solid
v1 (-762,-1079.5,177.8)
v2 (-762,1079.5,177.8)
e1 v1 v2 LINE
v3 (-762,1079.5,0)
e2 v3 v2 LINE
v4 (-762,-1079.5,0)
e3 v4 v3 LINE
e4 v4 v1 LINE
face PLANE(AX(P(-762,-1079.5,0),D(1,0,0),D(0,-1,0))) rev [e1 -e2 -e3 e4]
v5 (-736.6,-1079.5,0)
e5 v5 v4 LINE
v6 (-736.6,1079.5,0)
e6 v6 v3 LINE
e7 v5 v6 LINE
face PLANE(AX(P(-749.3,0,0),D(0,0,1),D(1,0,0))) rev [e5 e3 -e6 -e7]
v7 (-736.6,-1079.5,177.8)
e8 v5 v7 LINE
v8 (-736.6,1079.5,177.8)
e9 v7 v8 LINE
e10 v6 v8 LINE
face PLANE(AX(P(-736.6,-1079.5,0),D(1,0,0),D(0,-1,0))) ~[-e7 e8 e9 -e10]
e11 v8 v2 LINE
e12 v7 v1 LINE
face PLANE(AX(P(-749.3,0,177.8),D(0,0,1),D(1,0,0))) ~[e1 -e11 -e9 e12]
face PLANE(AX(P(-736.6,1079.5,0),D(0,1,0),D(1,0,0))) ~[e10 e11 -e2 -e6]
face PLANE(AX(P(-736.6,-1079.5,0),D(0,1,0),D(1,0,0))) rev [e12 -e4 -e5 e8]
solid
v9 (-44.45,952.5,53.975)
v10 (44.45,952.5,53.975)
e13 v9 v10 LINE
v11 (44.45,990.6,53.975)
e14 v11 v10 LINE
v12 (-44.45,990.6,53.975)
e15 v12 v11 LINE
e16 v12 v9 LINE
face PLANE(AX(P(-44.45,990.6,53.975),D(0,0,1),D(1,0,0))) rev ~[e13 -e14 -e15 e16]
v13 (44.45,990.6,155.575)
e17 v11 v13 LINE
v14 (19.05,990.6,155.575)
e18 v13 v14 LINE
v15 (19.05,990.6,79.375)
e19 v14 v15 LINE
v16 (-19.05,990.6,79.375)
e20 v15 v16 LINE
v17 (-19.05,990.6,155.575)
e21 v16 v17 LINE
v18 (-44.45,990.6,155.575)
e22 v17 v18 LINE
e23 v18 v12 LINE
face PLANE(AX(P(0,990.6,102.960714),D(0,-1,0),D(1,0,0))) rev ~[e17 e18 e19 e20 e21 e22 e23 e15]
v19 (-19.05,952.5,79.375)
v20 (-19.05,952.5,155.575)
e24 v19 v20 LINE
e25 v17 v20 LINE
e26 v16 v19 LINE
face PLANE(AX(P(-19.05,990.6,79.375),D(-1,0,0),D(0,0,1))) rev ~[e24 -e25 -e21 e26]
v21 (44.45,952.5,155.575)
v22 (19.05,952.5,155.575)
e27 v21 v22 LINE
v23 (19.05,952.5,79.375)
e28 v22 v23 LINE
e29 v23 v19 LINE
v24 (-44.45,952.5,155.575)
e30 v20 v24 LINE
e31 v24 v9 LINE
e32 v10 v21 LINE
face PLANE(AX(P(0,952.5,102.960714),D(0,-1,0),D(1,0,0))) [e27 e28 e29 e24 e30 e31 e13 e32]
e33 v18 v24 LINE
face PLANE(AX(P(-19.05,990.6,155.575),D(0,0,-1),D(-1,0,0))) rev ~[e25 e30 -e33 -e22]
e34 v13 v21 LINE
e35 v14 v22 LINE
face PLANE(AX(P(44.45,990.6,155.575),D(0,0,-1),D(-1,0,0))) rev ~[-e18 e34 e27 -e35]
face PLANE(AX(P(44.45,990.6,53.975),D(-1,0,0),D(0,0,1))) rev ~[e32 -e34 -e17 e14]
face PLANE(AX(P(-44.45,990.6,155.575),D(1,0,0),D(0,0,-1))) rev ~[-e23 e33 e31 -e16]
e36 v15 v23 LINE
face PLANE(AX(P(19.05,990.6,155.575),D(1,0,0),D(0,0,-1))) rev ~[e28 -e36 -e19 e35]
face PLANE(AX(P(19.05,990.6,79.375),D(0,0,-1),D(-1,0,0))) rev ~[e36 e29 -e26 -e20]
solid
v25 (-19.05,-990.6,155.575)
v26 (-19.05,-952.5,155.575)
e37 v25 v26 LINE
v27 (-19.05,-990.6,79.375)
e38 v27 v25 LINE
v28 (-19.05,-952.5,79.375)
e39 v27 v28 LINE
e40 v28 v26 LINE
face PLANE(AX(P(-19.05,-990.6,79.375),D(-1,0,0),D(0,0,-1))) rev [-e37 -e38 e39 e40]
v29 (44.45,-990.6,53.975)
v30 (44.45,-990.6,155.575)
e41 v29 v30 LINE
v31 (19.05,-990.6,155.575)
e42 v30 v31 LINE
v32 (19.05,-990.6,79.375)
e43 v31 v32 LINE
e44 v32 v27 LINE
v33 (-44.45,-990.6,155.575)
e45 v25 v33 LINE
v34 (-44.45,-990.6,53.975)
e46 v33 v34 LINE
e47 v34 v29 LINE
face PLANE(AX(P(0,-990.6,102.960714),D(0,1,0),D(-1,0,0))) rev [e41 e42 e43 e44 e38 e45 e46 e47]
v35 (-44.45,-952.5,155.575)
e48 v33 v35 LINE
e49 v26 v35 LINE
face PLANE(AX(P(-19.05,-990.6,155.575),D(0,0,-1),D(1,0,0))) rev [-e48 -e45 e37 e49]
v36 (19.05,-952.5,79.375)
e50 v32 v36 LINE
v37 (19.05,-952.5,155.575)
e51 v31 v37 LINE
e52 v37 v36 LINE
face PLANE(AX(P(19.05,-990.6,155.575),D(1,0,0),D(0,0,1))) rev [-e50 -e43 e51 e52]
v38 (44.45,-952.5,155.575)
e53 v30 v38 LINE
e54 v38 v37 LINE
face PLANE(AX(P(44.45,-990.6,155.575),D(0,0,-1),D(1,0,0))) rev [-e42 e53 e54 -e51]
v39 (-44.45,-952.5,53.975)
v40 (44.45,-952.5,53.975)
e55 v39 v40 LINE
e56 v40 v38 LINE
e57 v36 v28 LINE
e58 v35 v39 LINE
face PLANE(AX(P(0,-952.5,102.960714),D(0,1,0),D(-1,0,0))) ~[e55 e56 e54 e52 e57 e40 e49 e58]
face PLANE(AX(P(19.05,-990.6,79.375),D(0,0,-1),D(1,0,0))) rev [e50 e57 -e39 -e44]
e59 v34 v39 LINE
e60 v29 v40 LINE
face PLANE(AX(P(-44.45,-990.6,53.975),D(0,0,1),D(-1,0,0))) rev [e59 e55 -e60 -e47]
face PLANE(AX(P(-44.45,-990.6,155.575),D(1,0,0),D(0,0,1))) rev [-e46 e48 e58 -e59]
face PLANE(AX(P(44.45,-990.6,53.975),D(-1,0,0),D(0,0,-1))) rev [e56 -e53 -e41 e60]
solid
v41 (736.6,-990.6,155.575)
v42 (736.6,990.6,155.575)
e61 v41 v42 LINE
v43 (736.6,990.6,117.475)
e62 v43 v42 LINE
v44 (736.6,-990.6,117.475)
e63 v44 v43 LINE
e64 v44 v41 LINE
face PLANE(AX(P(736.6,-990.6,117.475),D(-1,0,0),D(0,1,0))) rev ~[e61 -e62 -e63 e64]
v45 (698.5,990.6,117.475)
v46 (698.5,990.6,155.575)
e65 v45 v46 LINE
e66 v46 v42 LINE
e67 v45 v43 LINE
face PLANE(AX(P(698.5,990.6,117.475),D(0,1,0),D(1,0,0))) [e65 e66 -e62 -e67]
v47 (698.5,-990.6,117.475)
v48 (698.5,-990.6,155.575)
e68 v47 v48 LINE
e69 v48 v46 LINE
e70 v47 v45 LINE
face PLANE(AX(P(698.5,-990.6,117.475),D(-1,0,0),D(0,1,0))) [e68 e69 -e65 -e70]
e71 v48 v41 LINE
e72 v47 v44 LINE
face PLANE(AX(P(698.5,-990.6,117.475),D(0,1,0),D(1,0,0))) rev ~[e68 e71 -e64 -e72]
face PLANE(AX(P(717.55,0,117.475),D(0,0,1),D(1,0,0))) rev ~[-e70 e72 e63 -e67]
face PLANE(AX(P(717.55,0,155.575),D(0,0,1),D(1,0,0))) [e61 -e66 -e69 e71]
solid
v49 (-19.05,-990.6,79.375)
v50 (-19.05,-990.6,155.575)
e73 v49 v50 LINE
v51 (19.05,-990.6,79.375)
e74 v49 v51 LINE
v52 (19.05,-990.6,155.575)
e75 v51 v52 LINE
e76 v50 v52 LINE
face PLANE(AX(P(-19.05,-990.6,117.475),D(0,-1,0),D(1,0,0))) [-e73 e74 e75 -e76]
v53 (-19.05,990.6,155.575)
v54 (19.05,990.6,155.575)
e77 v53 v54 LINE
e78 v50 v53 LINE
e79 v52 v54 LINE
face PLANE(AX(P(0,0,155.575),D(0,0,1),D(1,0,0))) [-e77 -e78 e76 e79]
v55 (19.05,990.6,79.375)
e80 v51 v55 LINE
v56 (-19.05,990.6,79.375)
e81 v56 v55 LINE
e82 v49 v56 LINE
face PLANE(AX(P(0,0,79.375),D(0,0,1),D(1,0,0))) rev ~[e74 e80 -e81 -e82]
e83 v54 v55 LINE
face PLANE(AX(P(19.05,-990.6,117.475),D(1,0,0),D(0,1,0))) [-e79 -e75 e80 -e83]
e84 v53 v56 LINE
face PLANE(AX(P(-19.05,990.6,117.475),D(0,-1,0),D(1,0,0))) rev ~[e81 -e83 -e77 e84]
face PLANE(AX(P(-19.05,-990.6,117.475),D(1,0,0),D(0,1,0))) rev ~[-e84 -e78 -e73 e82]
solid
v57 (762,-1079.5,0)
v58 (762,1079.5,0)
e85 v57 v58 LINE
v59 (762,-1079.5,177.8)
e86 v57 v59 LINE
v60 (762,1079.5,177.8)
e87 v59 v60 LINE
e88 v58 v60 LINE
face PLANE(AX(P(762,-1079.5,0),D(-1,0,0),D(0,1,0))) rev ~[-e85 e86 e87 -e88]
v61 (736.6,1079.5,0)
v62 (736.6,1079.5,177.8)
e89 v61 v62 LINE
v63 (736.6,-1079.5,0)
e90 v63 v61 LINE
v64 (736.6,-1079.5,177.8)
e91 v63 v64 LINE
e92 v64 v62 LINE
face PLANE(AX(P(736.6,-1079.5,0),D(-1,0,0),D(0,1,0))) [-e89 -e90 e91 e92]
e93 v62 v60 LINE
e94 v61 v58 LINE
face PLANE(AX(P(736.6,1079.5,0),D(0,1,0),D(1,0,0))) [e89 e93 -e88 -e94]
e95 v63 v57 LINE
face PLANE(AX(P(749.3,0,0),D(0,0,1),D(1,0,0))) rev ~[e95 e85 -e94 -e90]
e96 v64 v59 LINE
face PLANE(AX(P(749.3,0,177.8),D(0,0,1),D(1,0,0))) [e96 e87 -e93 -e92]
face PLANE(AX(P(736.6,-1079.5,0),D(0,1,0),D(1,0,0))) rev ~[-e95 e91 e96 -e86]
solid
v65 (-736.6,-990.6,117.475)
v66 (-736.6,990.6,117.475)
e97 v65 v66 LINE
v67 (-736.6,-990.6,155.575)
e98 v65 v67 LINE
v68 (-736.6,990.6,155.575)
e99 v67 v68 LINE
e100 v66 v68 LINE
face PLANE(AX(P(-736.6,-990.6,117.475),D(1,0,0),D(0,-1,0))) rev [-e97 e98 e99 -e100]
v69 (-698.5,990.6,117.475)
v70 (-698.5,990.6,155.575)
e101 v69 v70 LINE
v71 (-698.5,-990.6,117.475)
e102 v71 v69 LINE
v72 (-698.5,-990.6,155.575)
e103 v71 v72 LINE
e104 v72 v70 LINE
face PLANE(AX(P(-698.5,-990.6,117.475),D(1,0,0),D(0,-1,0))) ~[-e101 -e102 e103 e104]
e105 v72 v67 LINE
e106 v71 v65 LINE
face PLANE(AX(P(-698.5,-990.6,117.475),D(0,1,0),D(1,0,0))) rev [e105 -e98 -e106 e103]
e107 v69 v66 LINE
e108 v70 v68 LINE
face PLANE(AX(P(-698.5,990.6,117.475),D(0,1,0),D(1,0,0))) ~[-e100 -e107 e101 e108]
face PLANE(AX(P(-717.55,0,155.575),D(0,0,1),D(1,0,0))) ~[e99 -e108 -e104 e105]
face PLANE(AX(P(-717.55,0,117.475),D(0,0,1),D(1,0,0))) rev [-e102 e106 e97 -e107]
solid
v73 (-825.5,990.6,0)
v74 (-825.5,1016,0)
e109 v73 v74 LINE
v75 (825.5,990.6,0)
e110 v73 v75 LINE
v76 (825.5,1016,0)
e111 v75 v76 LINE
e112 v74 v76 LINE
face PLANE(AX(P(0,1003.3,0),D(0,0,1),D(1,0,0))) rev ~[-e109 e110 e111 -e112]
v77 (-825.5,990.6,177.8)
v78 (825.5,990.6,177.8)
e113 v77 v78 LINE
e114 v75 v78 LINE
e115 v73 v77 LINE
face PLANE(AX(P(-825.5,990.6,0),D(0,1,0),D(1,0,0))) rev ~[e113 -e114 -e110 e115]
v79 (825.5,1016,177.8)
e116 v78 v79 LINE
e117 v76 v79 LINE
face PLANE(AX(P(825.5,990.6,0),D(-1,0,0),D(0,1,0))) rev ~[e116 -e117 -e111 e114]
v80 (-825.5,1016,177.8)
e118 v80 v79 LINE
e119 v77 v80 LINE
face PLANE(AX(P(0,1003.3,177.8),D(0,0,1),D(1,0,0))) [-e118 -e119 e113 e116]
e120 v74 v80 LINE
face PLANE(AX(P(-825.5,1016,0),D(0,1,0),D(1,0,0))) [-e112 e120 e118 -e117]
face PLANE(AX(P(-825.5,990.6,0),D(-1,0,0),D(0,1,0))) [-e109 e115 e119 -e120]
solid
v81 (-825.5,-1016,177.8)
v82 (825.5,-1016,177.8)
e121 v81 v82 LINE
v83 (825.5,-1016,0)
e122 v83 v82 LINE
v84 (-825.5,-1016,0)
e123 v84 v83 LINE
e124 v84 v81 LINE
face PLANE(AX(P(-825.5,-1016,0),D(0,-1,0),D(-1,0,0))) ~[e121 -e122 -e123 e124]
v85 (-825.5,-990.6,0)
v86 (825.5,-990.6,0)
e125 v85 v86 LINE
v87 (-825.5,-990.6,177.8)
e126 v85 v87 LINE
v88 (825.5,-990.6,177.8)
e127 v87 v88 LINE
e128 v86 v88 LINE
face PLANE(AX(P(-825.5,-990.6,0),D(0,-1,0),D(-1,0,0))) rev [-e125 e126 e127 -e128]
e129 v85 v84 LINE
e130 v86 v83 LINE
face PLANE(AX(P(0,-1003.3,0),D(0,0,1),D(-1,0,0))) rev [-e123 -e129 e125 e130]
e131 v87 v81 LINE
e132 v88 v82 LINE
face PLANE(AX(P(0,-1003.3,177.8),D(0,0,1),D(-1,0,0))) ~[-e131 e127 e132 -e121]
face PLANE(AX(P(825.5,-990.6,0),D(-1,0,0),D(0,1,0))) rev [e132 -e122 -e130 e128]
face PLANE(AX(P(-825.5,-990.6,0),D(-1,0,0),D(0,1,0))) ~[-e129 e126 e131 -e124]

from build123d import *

# Parameters (mm, degrees)
F2_W      = 1651
F2_H      = 25.4
F3_DEPTH  = 177.8
F4_W      = 25.4
F4_H      = 2159
F5_DEPTH  = 177.8
F7_W      = 38.1
F7_H      = 1981.2
F8_DEPTH  = 38.1
F11_W     = 38.1
F11_H     = 1981.2
F12_DEPTH = 38.1
F14_DEPTH = 38.1


with BuildPart() as f3:
    # F2 (on Top) → F3 (new body)
    with BuildSketch(Plane.XY):
        with Locations((0, 1003.3)):
            Rectangle(F2_W, F2_H)
    extrude(amount=F3_DEPTH)


with BuildPart() as f5:
    # F4 (on Top) → F5 (new body)
    with BuildSketch(Plane.XY):
        with Locations((749.3, 0)):
            Rectangle(F4_W, F4_H)
    extrude(amount=F5_DEPTH)


with BuildPart() as f8:
    # F7 (on offset) → F8 (new body)
    with BuildSketch(Plane.XY.offset(117.475)):
        with Locations((717.55, 0)):
            Rectangle(F7_W, F7_H)
    extrude(amount=F8_DEPTH)


with BuildPart() as f9_1:
    # F9: instance of F3
    add(f3.part.mirror(Plane.XZ))


with BuildPart() as f10_1:
    # F10: instance of F5
    add(f5.part.mirror(Plane.YZ))


with BuildPart() as f10_2:
    # F10: instance of F8
    add(f8.part.mirror(Plane.YZ))


with BuildPart() as f12:
    # F11 (on offset) → F12 (new body, symmetric)
    with BuildSketch(Plane.XY.offset(117.475)):
        Rectangle(F11_W, F11_H)
    extrude(amount=F12_DEPTH, both=True)


with BuildPart() as f14:
    # F13 (on face) → F14 (new body)
    with BuildSketch(Plane.XZ.offset(-990.6)):
        Polygon((19.05, 155.575), (19.05, 79.375), (-19.05, 79.375), (-19.05, 155.575), (-44.45, 155.575), (-44.45, 53.975), (44.45, 53.975), (44.45, 155.575), align=None)
    extrude(amount=F14_DEPTH)


with BuildPart() as f15_1:
    # F15: instance of F14
    add(f14.part.mirror(Plane.XZ))


solid = Compound([f3.part, f5.part, f8.part, f9_1.part, f10_1.part, f10_2.part, f12.part, f14.part, f15_1.part])
